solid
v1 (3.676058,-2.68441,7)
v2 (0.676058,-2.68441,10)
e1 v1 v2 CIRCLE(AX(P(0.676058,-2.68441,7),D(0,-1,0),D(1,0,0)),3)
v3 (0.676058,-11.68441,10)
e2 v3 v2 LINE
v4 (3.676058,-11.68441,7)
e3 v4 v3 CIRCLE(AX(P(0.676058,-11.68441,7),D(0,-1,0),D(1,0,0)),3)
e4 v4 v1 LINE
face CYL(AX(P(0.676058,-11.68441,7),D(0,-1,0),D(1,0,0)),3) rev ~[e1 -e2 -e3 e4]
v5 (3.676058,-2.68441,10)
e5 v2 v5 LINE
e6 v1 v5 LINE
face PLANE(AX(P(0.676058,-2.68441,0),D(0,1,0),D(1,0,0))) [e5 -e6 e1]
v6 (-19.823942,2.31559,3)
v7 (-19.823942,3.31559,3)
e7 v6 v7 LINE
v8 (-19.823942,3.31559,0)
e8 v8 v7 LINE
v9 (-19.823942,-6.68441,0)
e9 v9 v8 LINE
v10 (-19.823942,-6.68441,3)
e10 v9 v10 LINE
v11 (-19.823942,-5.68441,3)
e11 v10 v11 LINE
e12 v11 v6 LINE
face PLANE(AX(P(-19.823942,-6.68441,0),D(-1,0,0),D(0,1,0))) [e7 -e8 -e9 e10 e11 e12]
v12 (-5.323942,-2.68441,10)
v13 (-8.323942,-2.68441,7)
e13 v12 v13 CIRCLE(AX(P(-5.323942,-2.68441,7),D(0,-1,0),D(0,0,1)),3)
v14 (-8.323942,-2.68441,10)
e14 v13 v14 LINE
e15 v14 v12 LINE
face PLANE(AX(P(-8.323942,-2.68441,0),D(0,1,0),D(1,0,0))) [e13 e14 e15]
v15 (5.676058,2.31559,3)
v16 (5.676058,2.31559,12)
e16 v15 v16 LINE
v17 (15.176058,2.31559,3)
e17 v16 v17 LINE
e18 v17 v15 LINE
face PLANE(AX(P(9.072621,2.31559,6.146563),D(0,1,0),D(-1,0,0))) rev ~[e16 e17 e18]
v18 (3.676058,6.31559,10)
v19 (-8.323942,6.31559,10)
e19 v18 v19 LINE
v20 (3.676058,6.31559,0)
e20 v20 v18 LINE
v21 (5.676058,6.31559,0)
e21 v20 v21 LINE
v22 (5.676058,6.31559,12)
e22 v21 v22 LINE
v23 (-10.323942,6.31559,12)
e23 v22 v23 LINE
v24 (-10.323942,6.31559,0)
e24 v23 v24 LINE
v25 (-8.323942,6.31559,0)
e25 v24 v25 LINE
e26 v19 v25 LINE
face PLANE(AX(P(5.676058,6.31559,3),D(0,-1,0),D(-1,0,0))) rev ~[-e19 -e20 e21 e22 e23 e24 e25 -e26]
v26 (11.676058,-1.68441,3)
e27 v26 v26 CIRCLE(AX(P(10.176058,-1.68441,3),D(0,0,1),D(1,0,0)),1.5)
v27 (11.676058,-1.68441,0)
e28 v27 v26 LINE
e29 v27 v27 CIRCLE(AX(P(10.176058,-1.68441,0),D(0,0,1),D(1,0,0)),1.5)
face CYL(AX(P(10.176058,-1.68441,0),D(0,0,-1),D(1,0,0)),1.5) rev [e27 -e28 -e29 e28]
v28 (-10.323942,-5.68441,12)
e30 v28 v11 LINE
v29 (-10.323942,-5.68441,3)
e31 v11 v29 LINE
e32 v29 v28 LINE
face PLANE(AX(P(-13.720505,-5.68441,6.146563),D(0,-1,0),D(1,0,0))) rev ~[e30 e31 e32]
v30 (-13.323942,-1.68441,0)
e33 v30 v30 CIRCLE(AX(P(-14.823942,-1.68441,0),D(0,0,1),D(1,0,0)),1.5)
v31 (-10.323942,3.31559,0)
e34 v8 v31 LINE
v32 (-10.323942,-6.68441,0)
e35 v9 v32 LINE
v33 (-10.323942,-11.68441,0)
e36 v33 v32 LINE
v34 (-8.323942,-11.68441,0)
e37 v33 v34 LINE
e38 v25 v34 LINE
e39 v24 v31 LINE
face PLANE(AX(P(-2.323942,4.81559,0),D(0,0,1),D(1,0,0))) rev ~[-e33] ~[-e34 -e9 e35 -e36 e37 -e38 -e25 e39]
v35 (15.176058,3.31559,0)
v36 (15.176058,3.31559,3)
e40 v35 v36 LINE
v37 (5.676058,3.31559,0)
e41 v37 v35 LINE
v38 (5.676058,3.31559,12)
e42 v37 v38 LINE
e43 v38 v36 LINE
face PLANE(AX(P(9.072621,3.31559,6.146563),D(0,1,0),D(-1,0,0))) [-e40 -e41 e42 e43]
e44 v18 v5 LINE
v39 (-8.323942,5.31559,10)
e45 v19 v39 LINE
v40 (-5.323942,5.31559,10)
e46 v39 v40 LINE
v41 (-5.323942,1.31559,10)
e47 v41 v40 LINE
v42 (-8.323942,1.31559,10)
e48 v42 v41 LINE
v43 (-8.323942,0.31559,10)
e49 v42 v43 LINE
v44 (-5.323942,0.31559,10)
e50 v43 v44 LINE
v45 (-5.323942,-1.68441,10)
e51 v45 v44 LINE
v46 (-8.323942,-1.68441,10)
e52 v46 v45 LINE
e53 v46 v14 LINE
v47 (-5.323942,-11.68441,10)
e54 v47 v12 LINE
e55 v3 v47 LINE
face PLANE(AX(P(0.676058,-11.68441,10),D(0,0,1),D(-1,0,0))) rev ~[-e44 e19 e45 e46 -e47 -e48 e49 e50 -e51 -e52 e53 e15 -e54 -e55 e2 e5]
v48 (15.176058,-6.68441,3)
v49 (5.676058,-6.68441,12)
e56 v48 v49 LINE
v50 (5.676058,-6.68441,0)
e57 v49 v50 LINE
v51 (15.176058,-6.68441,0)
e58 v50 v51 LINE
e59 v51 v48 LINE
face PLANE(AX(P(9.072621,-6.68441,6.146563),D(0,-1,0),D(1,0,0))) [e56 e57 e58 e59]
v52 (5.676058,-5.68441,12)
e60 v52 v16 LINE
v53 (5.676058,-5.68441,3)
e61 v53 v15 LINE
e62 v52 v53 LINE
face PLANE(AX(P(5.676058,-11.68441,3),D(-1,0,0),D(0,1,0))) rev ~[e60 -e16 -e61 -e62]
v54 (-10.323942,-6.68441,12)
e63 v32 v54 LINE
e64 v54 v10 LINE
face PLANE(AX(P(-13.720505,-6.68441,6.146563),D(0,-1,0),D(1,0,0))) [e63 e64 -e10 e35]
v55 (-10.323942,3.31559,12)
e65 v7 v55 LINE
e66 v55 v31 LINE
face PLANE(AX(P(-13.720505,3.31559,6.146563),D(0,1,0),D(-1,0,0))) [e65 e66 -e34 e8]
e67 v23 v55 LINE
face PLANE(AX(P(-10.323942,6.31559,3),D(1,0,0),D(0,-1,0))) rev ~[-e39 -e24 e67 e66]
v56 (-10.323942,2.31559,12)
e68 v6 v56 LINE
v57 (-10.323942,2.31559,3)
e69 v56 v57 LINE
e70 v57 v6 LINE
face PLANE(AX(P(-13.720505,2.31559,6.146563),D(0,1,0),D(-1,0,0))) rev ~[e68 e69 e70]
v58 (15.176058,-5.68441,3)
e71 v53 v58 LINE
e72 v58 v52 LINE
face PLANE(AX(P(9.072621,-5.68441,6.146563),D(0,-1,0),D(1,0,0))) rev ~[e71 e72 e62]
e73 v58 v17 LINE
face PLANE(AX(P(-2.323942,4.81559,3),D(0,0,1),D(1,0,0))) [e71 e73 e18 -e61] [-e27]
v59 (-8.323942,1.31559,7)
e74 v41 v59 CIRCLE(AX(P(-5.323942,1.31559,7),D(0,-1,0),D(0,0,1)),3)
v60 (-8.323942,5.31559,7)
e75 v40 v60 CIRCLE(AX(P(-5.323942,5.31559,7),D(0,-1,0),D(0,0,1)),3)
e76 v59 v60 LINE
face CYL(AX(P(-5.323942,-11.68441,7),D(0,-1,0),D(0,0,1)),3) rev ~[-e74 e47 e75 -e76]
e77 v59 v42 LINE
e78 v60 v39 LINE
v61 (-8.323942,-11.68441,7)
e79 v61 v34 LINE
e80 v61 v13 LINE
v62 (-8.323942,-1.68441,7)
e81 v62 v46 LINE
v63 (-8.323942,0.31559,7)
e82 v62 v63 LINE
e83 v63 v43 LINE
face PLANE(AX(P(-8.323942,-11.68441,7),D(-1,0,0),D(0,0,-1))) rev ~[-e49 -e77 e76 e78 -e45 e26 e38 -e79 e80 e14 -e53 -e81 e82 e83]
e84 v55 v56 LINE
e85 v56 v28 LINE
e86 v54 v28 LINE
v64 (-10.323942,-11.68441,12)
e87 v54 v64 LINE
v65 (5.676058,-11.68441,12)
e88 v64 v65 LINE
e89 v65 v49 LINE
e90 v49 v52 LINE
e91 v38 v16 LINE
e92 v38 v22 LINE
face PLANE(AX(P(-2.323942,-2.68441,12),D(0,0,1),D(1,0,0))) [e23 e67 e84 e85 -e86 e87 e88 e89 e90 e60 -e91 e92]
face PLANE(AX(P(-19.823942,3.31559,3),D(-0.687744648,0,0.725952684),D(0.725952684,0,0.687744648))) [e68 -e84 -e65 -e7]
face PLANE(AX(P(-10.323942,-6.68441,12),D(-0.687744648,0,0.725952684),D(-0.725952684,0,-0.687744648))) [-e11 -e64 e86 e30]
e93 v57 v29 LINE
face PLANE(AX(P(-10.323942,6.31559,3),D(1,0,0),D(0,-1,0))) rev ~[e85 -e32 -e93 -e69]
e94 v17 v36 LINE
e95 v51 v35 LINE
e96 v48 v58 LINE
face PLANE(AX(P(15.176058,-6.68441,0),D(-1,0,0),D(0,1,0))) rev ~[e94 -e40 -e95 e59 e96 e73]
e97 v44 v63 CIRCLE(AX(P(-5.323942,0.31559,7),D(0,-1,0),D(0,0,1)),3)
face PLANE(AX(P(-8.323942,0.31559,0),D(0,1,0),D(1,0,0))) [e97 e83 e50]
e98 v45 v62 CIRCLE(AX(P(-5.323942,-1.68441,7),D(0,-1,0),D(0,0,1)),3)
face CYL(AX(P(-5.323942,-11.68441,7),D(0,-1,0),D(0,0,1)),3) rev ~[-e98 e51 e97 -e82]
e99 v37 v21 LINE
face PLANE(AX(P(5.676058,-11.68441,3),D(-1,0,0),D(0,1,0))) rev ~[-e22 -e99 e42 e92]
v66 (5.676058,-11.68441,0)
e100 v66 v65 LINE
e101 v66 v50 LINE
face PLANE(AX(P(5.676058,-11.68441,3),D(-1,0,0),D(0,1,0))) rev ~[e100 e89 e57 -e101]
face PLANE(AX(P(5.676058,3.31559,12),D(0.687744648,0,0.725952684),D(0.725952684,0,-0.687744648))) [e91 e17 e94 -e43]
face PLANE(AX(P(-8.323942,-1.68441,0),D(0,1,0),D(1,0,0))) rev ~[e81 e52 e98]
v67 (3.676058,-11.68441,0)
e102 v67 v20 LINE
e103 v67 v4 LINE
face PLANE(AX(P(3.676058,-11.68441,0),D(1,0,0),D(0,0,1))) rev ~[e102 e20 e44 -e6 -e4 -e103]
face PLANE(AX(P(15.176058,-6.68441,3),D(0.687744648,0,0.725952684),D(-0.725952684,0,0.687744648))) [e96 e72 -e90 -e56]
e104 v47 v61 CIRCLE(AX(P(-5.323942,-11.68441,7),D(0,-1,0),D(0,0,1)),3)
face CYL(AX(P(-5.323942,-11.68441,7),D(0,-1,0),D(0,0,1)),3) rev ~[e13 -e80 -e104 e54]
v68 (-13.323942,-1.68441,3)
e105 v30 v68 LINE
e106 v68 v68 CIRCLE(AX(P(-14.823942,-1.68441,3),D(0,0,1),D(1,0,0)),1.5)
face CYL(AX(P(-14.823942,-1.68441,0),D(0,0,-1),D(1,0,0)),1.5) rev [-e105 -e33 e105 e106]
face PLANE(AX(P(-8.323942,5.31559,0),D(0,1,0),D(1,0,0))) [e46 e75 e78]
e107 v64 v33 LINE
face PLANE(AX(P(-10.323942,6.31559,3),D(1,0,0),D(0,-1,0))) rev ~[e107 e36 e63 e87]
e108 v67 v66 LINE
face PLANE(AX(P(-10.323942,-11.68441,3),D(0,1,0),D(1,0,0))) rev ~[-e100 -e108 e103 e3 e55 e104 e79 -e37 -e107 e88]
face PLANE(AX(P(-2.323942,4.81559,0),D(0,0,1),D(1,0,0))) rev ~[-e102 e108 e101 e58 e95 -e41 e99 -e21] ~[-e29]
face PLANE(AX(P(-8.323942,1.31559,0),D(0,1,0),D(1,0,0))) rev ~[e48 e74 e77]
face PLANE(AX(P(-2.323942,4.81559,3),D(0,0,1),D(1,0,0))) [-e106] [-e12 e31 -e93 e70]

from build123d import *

# Parameters (mm, degrees)
F0_W      = 16
F0_H      = 3
F0_H_2    = 10
F0_W_2    = 9.5
F0_R      = 1.5
F0_H_3    = 5
F1_DEPTH  = 3
F3_DEPTH  = 9
F5_DEPTH  = 18.001
F7_DEPTH  = 1
F9_DEPTH  = 1
F11_DEPTH = 1
F13_DEPTH = 1
F14_W     = 3
F14_H     = 1
F14_H_2   = 9
F15_DEPTH = 10


with BuildPart() as f1:
    # F0 (on Top) → F1 (new body)
    with BuildSketch(Plane.XY):
        with Locations((-2.323942259, 4.8155895834)):
            Rectangle(F0_W, F0_H)
        with Locations((-2.323942259, -1.6844104166)):
            Rectangle(F0_W, F0_H_2)
        with Locations((-15.073942259, -1.6844104166)):
            Rectangle(F0_W_2, F0_H_2)
        with Locations((-14.823942259, -1.6844104166)):
            Circle(F0_R, mode=Mode.SUBTRACT)
        with Locations((-2.323942259, -9.1844104166)):
            Rectangle(F0_W, F0_H_3)
        with Locations((10.426057741, -1.6844104166)):
            Rectangle(F0_W_2, F0_H_2)
        with Locations((10.176057741, -1.6844104166)):
            Circle(F0_R, mode=Mode.SUBTRACT)
    extrude(amount=F1_DEPTH)

    # F2 (on face) → F3 (join)
    with BuildSketch(Plane.XY.offset(3)):
        Polygon((-10.323942259, -6.6844104166), (-10.323942259, -11.6844104166), (5.676057741, -11.6844104166), (5.676057741, -6.6844104166), (5.676057741, 3.3155895834), (5.676057741, 6.3155895834), (-10.323942259, 6.3155895834), (-10.323942259, 3.3155895834), align=None)
    extrude(amount=F3_DEPTH)

    # F4 (on face) → F5 (cut, through all)
    with BuildSketch(Plane.XZ.offset(11.6844104166)):
        with BuildLine():
            ThreePointArc((-5.323942259, 10), (-7.4452626025, 9.1213203436), (-8.323942259, 7))
            ThreePointArc((-8.323942259, 7), (-5.323942259, 4), (-2.323942259, 7))
            ThreePointArc((-2.323942259, 7), (-3.2026219154, 9.1213203436), (-5.323942259, 10))
        make_face()
        with BuildLine():
            Line((0.6760577337, 10), (-5.323942259, 10))
            ThreePointArc((-5.323942259, 10), (-3.2026219154, 9.1213203436), (-2.323942259, 7))
            ThreePointArc((-2.323942259, 7), (-1.4452626051, 9.121320341), (0.6760577337, 10))
        make_face()
        with BuildLine():
            ThreePointArc((-2.323942259, 7), (0.676057741, 4), (3.676057741, 7))
            ThreePointArc((3.676057741, 7), (2.797378082, 9.1213203461), (0.6760577337, 10))
            ThreePointArc((0.6760577337, 10), (-1.4452626051, 9.121320341), (-2.323942259, 7))
        make_face()
        with BuildLine():
            Line((-8.323942259, 7), (-8.323942259, 0))
            Line((-8.323942259, 0), (3.676057741, 0))
            Line((3.676057741, 0), (3.676057741, 7))
            ThreePointArc((3.676057741, 7), (0.676057741, 4), (-2.323942259, 7))
            ThreePointArc((-2.323942259, 7), (-5.323942259, 4), (-8.323942259, 7))
        make_face()
    extrude(amount=-F5_DEPTH, mode=Mode.SUBTRACT)

    # F6 (on face) → F7 (join)
    with BuildSketch(Plane.XZ.offset(6.6844104166)):
        Polygon((-10.323942259, 12), (-19.823942259, 3), (-10.323942259, 3), align=None)
    extrude(amount=-F7_DEPTH)

    # F8 (on face) → F9 (join)
    with BuildSketch(Plane(origin=(0, 3.3155895834, 0), x_dir=(-1, 0, 0), z_dir=(0, 1, 0))):
        Polygon((10.323942259, 3), (19.823942259, 3), (10.323942259, 12), align=None)
    extrude(amount=-F9_DEPTH)

    # F10 (on face) → F11 (join)
    with BuildSketch(Plane(origin=(0, 3.3155895834, 0), x_dir=(-1, 0, 0), z_dir=(0, 1, 0))):
        Polygon((-5.676057741, 12), (-15.176057741, 3), (-5.676057741, 3), align=None)
    extrude(amount=-F11_DEPTH)

    # F12 (on face) → F13 (join)
    with BuildSketch(Plane.XZ.offset(6.6844104166)):
        Polygon((5.676057741, 3), (15.176057741, 3), (5.676057741, 12), align=None)
    extrude(amount=-F13_DEPTH)

    # F14 (on face) → F15 (cut)
    with BuildSketch(Plane(origin=(0, 0, 0), x_dir=(1, 0, 0), z_dir=(0, 0, -1))):
        with Locations((-6.823942259, -0.8155895834)):
            Rectangle(F14_W, F14_H)
        with Locations((-6.823942259, -5.8155895834)):
            Rectangle(F14_W, F14_H)
        with Locations((2.176057741, -1.8155895834)):
            Rectangle(F14_W, F14_H_2)
        with Locations((-6.823942259, 2.1844104166)):
            Rectangle(F14_W, F14_H)
    extrude(amount=-F15_DEPTH, mode=Mode.SUBTRACT)


solid = f1.part
